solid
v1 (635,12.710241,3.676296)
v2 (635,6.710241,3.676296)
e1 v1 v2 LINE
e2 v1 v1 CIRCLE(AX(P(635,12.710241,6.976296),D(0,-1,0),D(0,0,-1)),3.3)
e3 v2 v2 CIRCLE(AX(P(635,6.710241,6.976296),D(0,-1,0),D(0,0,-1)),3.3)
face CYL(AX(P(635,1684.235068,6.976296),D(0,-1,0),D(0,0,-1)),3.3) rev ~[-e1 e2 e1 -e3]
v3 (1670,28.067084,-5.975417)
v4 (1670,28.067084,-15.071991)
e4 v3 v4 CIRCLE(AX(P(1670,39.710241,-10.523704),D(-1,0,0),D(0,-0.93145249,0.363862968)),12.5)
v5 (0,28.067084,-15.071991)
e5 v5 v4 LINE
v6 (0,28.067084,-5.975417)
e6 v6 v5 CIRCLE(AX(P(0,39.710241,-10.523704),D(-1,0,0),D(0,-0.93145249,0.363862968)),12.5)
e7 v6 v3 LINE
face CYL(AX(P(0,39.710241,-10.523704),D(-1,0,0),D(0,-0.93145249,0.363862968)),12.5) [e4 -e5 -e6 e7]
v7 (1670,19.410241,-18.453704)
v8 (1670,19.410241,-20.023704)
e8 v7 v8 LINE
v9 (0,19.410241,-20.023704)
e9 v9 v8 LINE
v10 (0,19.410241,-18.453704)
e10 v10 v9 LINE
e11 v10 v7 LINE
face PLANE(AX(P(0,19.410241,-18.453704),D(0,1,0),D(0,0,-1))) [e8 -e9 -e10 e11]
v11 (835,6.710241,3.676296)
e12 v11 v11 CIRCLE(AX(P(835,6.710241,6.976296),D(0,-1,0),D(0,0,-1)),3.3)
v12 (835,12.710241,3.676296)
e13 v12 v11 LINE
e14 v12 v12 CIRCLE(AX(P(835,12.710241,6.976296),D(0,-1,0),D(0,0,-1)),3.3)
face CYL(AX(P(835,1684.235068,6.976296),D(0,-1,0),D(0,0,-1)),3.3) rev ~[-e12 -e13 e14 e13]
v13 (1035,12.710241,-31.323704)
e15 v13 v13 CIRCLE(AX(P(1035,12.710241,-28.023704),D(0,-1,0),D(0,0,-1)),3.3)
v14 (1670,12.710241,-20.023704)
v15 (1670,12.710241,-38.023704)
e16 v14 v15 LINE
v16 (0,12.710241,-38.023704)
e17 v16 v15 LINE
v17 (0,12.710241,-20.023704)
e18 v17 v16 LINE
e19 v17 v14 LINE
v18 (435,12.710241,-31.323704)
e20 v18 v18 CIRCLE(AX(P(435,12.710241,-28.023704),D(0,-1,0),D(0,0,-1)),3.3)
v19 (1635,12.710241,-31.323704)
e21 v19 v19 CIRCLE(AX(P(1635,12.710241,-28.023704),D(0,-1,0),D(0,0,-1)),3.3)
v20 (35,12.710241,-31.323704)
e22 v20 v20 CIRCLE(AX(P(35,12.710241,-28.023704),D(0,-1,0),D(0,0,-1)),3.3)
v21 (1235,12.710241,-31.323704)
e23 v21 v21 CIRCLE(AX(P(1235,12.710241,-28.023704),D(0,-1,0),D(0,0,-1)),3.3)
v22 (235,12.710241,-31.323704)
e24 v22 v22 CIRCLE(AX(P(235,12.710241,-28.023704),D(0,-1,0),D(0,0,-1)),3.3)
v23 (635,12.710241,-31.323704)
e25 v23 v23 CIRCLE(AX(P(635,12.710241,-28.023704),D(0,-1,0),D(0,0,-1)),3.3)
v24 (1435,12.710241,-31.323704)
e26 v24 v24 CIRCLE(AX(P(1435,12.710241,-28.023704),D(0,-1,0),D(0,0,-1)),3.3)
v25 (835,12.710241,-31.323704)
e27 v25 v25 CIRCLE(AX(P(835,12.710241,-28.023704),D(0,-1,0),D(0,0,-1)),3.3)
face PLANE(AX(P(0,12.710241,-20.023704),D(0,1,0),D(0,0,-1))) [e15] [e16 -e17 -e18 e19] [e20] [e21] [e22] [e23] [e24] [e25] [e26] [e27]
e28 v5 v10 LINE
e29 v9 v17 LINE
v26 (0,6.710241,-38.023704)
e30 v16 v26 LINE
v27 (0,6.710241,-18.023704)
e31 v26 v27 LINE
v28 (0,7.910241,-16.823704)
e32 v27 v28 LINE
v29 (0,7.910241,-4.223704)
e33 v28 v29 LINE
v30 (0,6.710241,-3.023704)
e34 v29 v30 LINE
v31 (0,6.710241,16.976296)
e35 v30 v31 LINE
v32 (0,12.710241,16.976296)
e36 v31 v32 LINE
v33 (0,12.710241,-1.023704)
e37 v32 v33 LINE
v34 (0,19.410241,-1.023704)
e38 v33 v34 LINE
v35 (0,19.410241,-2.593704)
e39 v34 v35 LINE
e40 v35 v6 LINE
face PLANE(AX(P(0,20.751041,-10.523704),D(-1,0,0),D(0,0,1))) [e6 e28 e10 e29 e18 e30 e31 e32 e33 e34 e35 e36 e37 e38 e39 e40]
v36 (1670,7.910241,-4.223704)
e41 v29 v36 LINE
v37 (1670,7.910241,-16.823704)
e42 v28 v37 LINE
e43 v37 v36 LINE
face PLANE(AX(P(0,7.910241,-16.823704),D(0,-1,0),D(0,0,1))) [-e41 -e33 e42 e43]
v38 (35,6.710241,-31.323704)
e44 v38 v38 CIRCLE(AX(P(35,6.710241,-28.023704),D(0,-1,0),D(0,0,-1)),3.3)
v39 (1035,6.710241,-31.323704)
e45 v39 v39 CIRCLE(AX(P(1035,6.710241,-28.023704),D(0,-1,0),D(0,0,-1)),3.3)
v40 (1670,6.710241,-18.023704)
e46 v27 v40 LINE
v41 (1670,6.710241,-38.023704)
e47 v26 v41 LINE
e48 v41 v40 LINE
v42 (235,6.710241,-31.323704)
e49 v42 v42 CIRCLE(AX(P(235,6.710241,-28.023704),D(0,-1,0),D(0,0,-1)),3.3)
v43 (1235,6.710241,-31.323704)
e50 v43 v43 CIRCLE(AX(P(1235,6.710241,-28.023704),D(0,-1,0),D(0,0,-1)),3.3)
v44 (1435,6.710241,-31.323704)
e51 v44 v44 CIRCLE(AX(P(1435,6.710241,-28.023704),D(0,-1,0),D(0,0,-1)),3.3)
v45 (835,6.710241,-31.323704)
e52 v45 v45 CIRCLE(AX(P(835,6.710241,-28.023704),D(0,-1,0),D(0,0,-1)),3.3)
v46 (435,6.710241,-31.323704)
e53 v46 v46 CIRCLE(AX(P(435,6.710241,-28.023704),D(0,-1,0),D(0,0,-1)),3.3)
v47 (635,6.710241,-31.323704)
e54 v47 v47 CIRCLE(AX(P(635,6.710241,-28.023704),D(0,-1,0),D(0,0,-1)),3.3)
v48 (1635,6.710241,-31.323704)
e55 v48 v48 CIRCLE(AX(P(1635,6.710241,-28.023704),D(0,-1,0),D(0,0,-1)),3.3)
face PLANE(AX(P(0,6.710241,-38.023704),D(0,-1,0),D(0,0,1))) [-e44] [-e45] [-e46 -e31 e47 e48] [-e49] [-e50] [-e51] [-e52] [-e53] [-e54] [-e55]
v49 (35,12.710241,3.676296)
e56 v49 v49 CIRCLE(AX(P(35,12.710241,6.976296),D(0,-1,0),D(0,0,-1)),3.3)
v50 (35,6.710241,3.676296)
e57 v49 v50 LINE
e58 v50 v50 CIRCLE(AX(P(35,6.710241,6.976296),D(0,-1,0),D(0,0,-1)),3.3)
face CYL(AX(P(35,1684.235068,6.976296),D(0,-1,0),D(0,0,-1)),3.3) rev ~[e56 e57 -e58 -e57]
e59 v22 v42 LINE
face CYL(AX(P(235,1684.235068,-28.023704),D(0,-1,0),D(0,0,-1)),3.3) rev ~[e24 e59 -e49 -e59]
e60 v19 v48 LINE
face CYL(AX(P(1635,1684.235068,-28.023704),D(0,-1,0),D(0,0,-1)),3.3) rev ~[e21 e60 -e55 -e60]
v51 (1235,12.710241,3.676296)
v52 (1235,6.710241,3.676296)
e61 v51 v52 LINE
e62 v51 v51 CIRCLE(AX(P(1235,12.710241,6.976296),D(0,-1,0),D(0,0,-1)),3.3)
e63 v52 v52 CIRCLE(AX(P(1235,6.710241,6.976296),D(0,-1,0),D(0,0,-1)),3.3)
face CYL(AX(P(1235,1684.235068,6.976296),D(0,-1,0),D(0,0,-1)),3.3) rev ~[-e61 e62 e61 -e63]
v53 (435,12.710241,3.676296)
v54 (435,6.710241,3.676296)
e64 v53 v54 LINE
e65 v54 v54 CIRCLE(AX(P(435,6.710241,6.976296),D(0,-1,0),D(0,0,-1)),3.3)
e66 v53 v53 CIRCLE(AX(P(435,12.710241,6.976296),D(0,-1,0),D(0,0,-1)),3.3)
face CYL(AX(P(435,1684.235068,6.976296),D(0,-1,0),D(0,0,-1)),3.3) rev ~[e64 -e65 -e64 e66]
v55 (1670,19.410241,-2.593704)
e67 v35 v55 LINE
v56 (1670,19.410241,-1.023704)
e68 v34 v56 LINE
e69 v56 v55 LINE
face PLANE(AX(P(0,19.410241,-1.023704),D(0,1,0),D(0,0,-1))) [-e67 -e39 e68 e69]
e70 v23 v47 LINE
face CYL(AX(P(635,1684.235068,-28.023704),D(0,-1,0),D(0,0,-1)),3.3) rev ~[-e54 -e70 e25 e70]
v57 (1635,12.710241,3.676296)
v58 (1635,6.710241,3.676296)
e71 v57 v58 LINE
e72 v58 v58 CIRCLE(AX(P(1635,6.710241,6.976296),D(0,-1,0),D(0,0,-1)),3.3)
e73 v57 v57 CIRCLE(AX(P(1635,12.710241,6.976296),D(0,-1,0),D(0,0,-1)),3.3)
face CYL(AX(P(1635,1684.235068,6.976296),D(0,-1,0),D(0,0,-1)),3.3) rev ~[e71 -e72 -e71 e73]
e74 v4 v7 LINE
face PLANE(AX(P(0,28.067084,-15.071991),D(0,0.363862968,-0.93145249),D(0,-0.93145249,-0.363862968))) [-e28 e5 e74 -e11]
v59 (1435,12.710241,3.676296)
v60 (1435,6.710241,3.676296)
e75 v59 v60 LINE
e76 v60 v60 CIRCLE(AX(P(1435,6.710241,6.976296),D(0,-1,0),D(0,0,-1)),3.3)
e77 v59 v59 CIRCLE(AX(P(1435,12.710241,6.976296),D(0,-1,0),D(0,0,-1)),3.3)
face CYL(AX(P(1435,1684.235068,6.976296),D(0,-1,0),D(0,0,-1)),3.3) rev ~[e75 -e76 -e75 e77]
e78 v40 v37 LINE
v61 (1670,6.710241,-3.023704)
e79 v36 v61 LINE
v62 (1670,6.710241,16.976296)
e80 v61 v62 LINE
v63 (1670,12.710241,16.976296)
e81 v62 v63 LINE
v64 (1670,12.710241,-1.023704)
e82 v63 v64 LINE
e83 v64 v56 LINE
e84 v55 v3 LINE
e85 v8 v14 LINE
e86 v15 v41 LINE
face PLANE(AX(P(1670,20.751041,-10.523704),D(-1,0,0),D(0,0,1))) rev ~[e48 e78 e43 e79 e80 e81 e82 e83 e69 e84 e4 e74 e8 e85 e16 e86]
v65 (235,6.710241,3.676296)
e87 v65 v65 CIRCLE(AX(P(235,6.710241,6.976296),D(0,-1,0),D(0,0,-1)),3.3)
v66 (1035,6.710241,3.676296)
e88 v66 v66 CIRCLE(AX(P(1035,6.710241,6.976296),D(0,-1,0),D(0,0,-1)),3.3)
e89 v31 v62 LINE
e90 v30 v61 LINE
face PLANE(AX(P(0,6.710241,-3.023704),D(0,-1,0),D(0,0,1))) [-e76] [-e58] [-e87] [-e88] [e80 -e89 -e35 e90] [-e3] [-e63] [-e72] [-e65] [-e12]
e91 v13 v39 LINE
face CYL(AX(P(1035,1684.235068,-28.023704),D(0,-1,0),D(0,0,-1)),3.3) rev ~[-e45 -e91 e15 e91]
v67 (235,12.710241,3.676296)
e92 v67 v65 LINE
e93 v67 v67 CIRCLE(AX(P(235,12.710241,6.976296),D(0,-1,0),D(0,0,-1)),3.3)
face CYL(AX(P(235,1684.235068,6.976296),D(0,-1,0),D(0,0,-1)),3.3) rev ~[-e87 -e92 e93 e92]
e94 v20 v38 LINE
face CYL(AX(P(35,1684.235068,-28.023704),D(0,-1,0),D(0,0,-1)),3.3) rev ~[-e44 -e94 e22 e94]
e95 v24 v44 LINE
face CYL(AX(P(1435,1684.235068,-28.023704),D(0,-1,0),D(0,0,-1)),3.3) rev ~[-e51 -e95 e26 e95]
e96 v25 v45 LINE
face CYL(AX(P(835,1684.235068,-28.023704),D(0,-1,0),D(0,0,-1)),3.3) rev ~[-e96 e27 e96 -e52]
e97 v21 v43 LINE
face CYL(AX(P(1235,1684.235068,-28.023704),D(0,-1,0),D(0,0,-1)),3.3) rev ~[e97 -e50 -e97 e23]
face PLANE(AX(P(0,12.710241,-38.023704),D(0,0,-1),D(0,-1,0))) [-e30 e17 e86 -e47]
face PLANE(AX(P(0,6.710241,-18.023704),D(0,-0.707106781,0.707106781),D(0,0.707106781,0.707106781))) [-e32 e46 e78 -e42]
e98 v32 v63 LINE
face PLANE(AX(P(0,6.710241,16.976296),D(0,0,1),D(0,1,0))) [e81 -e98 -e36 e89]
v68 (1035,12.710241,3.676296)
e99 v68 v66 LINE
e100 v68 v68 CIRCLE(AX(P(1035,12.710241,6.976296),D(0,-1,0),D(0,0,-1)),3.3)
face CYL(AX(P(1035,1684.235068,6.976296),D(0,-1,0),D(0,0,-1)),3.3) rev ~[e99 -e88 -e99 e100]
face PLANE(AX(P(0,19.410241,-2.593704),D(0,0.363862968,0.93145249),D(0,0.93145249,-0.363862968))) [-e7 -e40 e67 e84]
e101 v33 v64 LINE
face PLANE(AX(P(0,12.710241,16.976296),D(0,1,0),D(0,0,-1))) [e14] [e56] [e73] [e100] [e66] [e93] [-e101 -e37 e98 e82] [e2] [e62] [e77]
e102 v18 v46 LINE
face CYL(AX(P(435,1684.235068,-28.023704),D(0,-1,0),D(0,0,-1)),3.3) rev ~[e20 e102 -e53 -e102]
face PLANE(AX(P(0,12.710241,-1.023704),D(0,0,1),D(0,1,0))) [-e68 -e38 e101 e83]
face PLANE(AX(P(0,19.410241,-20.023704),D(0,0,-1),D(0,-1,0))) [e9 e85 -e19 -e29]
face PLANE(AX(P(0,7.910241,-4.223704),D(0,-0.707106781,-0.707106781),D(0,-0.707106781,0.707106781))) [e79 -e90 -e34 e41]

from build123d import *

# Parameters (mm, degrees)
EXTRUDE_1_DEPTH         = 1670
HOLE_WIZARD_6_6_6_6_1_D = 6.6
PATTERN_LINEAR_1_COUNT  = 9
PATTERN_LINEAR_1_PITCH  = 200


with BuildPart() as part:
    # 草图1 → 凸台-拉伸1 (new body)
    with BuildSketch(Plane(origin=(0, 0, 0), x_dir=(0, 0, -1), z_dir=(1, 0, 0))):
        with BuildLine():
            Line((38.023703704, 12.710240583), (38.023703704, 6.710240583))
            Line((38.023703704, 6.710240583), (18.023703704, 6.710240583))
            Line((18.023703704, 6.710240583), (16.823703704, 7.910240583))
            Line((16.823703704, 7.910240583), (4.223703704, 7.910240583))
            Line((4.223703704, 7.910240583), (3.023703704, 6.710240583))
            Line((3.023703704, 6.710240583), (-16.976296296, 6.710240583))
            Line((-16.976296296, 6.710240583), (-16.976296296, 12.710240583))
            Line((-16.976296296, 12.710240583), (1.023703704, 12.710240583))
            Line((1.023703704, 12.710240583), (1.023703704, 19.410240583))
            Line((1.023703704, 19.410240583), (2.593703704, 19.410240583))
            Line((2.593703704, 19.410240583), (5.975416608, 28.06708446))
            ThreePointArc((5.975416608, 28.06708446), (10.523703704, 52.210240583), (15.0719908, 28.06708446))
            Line((15.0719908, 28.06708446), (18.453703704, 19.410240583))
            Line((18.453703704, 19.410240583), (20.023703704, 19.410240583))
            Line((20.023703704, 19.410240583), (20.023703704, 12.710240583))
            Line((20.023703704, 12.710240583), (38.023703704, 12.710240583))
        make_face()
    extrude(amount=EXTRUDE_1_DEPTH)

    # Ø6.6 (6.6) 直径孔1 (through all)
    with Locations(Plane(origin=(35, 12.710240583, -28.023703704), x_dir=(0, 0, 1), z_dir=(0, 1, 0))):
        with Locations((0, 0), (35, 0)):
            hole_wizard_6_6_6_6_1 = Hole(HOLE_WIZARD_6_6_6_6_1_D / 2)

    # 阵列(线性)1: Ø6.6 (6.6) 直径孔1 ×9
    with Locations(*[(i * PATTERN_LINEAR_1_PITCH, 0, 0) for i in range(1, PATTERN_LINEAR_1_COUNT)]):
        add(hole_wizard_6_6_6_6_1, mode=Mode.SUBTRACT)


solid = part.part
